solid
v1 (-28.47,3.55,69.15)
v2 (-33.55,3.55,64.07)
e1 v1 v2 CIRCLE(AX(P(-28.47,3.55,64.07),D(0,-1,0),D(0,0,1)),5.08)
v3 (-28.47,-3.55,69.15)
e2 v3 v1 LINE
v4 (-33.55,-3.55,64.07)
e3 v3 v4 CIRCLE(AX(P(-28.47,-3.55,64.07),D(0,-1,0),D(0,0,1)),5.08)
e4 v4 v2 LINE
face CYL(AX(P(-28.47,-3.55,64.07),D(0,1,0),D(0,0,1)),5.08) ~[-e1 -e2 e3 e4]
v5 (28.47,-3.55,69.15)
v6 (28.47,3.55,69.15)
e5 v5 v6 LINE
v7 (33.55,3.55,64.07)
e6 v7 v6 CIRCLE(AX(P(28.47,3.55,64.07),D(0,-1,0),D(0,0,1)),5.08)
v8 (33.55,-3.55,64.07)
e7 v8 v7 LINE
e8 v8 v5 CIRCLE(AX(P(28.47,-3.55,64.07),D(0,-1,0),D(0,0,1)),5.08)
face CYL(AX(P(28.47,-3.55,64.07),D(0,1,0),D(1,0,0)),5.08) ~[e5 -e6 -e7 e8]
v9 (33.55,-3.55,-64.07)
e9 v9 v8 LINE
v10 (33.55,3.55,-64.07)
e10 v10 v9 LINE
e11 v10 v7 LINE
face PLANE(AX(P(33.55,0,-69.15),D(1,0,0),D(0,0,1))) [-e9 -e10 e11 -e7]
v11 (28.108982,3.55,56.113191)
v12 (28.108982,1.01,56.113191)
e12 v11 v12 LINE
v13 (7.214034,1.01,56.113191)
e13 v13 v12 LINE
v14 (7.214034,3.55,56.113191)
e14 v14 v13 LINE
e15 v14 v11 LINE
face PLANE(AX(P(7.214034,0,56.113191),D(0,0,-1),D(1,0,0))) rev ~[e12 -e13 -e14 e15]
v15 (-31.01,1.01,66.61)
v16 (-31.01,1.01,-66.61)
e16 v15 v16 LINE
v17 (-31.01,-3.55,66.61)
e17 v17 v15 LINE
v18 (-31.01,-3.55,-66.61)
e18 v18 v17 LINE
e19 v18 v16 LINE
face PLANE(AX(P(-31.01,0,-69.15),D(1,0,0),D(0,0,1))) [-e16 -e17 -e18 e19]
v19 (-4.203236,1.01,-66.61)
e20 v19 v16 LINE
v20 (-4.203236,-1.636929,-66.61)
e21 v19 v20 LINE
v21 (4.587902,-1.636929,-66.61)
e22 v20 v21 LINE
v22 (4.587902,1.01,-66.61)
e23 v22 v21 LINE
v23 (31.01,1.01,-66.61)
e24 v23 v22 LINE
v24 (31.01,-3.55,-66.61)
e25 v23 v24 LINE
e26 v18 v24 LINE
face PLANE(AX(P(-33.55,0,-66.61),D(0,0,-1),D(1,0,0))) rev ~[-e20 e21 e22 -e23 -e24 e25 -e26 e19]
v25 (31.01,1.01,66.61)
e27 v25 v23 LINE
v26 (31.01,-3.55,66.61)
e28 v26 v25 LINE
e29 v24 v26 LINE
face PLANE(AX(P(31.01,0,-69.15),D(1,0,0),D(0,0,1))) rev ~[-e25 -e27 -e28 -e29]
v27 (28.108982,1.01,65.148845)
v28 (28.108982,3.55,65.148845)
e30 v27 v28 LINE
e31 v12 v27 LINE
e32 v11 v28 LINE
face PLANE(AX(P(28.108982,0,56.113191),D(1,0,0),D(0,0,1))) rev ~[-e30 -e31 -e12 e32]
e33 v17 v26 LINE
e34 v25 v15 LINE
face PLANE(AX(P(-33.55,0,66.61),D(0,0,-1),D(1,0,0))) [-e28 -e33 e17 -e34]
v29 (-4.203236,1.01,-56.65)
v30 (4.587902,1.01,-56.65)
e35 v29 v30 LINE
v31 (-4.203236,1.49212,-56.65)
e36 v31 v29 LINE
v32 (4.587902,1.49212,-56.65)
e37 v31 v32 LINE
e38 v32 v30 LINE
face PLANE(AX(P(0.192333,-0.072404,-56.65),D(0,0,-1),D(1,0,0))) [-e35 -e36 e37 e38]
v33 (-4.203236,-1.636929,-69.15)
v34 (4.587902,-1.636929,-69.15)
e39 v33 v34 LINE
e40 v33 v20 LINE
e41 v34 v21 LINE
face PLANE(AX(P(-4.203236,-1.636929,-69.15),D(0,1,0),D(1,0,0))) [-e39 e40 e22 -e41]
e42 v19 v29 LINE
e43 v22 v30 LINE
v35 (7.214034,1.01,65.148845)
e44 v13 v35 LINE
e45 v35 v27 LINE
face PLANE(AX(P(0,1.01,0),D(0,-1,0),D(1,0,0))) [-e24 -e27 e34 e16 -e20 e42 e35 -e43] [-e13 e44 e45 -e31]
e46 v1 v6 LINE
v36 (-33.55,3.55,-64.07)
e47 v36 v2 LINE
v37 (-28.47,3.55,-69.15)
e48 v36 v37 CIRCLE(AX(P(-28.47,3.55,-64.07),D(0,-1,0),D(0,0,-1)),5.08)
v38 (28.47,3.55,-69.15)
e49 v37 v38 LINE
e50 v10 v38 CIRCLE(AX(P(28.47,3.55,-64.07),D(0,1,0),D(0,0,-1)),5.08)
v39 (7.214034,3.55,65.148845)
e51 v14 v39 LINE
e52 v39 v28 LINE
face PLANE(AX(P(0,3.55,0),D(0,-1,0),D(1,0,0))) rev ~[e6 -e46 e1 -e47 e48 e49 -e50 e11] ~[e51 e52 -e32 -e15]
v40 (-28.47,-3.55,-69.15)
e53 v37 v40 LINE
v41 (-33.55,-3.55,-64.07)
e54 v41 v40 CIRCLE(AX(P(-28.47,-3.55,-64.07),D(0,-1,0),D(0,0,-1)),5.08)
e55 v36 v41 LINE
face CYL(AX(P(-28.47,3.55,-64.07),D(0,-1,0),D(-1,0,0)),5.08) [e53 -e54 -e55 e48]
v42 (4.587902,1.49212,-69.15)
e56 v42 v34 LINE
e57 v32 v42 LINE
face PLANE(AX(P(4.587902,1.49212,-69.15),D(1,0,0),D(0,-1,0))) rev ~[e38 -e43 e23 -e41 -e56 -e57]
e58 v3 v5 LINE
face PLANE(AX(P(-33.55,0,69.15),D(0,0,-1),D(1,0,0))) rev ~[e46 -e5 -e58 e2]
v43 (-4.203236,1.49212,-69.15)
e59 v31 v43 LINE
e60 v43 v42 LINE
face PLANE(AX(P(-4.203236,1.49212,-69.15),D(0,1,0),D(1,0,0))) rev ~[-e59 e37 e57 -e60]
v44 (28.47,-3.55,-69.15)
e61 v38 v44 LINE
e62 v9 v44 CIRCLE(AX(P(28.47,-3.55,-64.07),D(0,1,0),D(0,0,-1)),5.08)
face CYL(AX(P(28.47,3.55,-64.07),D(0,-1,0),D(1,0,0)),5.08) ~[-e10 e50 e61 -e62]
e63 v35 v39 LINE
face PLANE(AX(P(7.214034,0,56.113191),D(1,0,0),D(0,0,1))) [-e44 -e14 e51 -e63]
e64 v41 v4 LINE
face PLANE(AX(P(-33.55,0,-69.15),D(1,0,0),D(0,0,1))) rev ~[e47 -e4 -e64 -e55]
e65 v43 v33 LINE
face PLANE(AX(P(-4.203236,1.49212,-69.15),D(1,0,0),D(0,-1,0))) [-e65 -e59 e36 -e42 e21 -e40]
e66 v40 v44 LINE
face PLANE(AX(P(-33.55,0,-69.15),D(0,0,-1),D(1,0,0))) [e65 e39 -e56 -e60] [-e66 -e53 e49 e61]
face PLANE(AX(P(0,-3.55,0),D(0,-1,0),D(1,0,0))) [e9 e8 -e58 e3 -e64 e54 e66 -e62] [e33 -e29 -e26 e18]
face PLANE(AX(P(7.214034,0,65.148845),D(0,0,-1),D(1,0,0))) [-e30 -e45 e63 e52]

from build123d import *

# Parameters (mm, degrees)
F0_W     = 67.1
F0_H     = 138.3
F1_DEPTH = 3.55
F2_T     = -2.54
F3_R     = 5.08
F4_W     = 20.894948
F4_H     = 9.035654
F5_DEPTH = 12.5
F6_W     = 8.791138
F6_H     = 3.129049
F7_DEPTH = 12.5


with BuildPart() as f1:
    # F0 (on Front) → F1 (new body, symmetric)
    with BuildSketch(Plane.XZ):
        Rectangle(F0_W, F0_H)
    extrude(amount=F1_DEPTH, both=True)

    # F2
    f2_openings = [f1.faces().sort_by_distance(p)[0] for p in [
        (0, -3.55, 0),
    ]]
    offset(amount=F2_T, openings=f2_openings)

    # F3
    f3_edges = [f1.edges().sort_by_distance(p)[0] for p in [
        (-33.55, 0, -69.15),
        (-33.55, 0, 69.15),
        (33.55, 0, 69.15),
        (33.55, 0, -69.15),
    ]]
    fillet(f3_edges, radius=F3_R)

    # F4 (on Front) → F5 (cut, symmetric)
    with BuildSketch(Plane.XZ):
        with Locations((17.661508, 60.631018)):
            Rectangle(F4_W, F4_H)
    extrude(amount=F5_DEPTH, both=True, mode=Mode.SUBTRACT)

    # F6 (on face) → F7 (cut, symmetric)
    with BuildSketch(Plane(origin=(0, 0, -69.15), x_dir=(1, 0, 0), z_dir=(0, 0, -1))):
        with Locations((0.192333, 0.072404)):
            Rectangle(F6_W, F6_H)
    extrude(amount=F7_DEPTH, both=True, mode=Mode.SUBTRACT)


solid = f1.part
